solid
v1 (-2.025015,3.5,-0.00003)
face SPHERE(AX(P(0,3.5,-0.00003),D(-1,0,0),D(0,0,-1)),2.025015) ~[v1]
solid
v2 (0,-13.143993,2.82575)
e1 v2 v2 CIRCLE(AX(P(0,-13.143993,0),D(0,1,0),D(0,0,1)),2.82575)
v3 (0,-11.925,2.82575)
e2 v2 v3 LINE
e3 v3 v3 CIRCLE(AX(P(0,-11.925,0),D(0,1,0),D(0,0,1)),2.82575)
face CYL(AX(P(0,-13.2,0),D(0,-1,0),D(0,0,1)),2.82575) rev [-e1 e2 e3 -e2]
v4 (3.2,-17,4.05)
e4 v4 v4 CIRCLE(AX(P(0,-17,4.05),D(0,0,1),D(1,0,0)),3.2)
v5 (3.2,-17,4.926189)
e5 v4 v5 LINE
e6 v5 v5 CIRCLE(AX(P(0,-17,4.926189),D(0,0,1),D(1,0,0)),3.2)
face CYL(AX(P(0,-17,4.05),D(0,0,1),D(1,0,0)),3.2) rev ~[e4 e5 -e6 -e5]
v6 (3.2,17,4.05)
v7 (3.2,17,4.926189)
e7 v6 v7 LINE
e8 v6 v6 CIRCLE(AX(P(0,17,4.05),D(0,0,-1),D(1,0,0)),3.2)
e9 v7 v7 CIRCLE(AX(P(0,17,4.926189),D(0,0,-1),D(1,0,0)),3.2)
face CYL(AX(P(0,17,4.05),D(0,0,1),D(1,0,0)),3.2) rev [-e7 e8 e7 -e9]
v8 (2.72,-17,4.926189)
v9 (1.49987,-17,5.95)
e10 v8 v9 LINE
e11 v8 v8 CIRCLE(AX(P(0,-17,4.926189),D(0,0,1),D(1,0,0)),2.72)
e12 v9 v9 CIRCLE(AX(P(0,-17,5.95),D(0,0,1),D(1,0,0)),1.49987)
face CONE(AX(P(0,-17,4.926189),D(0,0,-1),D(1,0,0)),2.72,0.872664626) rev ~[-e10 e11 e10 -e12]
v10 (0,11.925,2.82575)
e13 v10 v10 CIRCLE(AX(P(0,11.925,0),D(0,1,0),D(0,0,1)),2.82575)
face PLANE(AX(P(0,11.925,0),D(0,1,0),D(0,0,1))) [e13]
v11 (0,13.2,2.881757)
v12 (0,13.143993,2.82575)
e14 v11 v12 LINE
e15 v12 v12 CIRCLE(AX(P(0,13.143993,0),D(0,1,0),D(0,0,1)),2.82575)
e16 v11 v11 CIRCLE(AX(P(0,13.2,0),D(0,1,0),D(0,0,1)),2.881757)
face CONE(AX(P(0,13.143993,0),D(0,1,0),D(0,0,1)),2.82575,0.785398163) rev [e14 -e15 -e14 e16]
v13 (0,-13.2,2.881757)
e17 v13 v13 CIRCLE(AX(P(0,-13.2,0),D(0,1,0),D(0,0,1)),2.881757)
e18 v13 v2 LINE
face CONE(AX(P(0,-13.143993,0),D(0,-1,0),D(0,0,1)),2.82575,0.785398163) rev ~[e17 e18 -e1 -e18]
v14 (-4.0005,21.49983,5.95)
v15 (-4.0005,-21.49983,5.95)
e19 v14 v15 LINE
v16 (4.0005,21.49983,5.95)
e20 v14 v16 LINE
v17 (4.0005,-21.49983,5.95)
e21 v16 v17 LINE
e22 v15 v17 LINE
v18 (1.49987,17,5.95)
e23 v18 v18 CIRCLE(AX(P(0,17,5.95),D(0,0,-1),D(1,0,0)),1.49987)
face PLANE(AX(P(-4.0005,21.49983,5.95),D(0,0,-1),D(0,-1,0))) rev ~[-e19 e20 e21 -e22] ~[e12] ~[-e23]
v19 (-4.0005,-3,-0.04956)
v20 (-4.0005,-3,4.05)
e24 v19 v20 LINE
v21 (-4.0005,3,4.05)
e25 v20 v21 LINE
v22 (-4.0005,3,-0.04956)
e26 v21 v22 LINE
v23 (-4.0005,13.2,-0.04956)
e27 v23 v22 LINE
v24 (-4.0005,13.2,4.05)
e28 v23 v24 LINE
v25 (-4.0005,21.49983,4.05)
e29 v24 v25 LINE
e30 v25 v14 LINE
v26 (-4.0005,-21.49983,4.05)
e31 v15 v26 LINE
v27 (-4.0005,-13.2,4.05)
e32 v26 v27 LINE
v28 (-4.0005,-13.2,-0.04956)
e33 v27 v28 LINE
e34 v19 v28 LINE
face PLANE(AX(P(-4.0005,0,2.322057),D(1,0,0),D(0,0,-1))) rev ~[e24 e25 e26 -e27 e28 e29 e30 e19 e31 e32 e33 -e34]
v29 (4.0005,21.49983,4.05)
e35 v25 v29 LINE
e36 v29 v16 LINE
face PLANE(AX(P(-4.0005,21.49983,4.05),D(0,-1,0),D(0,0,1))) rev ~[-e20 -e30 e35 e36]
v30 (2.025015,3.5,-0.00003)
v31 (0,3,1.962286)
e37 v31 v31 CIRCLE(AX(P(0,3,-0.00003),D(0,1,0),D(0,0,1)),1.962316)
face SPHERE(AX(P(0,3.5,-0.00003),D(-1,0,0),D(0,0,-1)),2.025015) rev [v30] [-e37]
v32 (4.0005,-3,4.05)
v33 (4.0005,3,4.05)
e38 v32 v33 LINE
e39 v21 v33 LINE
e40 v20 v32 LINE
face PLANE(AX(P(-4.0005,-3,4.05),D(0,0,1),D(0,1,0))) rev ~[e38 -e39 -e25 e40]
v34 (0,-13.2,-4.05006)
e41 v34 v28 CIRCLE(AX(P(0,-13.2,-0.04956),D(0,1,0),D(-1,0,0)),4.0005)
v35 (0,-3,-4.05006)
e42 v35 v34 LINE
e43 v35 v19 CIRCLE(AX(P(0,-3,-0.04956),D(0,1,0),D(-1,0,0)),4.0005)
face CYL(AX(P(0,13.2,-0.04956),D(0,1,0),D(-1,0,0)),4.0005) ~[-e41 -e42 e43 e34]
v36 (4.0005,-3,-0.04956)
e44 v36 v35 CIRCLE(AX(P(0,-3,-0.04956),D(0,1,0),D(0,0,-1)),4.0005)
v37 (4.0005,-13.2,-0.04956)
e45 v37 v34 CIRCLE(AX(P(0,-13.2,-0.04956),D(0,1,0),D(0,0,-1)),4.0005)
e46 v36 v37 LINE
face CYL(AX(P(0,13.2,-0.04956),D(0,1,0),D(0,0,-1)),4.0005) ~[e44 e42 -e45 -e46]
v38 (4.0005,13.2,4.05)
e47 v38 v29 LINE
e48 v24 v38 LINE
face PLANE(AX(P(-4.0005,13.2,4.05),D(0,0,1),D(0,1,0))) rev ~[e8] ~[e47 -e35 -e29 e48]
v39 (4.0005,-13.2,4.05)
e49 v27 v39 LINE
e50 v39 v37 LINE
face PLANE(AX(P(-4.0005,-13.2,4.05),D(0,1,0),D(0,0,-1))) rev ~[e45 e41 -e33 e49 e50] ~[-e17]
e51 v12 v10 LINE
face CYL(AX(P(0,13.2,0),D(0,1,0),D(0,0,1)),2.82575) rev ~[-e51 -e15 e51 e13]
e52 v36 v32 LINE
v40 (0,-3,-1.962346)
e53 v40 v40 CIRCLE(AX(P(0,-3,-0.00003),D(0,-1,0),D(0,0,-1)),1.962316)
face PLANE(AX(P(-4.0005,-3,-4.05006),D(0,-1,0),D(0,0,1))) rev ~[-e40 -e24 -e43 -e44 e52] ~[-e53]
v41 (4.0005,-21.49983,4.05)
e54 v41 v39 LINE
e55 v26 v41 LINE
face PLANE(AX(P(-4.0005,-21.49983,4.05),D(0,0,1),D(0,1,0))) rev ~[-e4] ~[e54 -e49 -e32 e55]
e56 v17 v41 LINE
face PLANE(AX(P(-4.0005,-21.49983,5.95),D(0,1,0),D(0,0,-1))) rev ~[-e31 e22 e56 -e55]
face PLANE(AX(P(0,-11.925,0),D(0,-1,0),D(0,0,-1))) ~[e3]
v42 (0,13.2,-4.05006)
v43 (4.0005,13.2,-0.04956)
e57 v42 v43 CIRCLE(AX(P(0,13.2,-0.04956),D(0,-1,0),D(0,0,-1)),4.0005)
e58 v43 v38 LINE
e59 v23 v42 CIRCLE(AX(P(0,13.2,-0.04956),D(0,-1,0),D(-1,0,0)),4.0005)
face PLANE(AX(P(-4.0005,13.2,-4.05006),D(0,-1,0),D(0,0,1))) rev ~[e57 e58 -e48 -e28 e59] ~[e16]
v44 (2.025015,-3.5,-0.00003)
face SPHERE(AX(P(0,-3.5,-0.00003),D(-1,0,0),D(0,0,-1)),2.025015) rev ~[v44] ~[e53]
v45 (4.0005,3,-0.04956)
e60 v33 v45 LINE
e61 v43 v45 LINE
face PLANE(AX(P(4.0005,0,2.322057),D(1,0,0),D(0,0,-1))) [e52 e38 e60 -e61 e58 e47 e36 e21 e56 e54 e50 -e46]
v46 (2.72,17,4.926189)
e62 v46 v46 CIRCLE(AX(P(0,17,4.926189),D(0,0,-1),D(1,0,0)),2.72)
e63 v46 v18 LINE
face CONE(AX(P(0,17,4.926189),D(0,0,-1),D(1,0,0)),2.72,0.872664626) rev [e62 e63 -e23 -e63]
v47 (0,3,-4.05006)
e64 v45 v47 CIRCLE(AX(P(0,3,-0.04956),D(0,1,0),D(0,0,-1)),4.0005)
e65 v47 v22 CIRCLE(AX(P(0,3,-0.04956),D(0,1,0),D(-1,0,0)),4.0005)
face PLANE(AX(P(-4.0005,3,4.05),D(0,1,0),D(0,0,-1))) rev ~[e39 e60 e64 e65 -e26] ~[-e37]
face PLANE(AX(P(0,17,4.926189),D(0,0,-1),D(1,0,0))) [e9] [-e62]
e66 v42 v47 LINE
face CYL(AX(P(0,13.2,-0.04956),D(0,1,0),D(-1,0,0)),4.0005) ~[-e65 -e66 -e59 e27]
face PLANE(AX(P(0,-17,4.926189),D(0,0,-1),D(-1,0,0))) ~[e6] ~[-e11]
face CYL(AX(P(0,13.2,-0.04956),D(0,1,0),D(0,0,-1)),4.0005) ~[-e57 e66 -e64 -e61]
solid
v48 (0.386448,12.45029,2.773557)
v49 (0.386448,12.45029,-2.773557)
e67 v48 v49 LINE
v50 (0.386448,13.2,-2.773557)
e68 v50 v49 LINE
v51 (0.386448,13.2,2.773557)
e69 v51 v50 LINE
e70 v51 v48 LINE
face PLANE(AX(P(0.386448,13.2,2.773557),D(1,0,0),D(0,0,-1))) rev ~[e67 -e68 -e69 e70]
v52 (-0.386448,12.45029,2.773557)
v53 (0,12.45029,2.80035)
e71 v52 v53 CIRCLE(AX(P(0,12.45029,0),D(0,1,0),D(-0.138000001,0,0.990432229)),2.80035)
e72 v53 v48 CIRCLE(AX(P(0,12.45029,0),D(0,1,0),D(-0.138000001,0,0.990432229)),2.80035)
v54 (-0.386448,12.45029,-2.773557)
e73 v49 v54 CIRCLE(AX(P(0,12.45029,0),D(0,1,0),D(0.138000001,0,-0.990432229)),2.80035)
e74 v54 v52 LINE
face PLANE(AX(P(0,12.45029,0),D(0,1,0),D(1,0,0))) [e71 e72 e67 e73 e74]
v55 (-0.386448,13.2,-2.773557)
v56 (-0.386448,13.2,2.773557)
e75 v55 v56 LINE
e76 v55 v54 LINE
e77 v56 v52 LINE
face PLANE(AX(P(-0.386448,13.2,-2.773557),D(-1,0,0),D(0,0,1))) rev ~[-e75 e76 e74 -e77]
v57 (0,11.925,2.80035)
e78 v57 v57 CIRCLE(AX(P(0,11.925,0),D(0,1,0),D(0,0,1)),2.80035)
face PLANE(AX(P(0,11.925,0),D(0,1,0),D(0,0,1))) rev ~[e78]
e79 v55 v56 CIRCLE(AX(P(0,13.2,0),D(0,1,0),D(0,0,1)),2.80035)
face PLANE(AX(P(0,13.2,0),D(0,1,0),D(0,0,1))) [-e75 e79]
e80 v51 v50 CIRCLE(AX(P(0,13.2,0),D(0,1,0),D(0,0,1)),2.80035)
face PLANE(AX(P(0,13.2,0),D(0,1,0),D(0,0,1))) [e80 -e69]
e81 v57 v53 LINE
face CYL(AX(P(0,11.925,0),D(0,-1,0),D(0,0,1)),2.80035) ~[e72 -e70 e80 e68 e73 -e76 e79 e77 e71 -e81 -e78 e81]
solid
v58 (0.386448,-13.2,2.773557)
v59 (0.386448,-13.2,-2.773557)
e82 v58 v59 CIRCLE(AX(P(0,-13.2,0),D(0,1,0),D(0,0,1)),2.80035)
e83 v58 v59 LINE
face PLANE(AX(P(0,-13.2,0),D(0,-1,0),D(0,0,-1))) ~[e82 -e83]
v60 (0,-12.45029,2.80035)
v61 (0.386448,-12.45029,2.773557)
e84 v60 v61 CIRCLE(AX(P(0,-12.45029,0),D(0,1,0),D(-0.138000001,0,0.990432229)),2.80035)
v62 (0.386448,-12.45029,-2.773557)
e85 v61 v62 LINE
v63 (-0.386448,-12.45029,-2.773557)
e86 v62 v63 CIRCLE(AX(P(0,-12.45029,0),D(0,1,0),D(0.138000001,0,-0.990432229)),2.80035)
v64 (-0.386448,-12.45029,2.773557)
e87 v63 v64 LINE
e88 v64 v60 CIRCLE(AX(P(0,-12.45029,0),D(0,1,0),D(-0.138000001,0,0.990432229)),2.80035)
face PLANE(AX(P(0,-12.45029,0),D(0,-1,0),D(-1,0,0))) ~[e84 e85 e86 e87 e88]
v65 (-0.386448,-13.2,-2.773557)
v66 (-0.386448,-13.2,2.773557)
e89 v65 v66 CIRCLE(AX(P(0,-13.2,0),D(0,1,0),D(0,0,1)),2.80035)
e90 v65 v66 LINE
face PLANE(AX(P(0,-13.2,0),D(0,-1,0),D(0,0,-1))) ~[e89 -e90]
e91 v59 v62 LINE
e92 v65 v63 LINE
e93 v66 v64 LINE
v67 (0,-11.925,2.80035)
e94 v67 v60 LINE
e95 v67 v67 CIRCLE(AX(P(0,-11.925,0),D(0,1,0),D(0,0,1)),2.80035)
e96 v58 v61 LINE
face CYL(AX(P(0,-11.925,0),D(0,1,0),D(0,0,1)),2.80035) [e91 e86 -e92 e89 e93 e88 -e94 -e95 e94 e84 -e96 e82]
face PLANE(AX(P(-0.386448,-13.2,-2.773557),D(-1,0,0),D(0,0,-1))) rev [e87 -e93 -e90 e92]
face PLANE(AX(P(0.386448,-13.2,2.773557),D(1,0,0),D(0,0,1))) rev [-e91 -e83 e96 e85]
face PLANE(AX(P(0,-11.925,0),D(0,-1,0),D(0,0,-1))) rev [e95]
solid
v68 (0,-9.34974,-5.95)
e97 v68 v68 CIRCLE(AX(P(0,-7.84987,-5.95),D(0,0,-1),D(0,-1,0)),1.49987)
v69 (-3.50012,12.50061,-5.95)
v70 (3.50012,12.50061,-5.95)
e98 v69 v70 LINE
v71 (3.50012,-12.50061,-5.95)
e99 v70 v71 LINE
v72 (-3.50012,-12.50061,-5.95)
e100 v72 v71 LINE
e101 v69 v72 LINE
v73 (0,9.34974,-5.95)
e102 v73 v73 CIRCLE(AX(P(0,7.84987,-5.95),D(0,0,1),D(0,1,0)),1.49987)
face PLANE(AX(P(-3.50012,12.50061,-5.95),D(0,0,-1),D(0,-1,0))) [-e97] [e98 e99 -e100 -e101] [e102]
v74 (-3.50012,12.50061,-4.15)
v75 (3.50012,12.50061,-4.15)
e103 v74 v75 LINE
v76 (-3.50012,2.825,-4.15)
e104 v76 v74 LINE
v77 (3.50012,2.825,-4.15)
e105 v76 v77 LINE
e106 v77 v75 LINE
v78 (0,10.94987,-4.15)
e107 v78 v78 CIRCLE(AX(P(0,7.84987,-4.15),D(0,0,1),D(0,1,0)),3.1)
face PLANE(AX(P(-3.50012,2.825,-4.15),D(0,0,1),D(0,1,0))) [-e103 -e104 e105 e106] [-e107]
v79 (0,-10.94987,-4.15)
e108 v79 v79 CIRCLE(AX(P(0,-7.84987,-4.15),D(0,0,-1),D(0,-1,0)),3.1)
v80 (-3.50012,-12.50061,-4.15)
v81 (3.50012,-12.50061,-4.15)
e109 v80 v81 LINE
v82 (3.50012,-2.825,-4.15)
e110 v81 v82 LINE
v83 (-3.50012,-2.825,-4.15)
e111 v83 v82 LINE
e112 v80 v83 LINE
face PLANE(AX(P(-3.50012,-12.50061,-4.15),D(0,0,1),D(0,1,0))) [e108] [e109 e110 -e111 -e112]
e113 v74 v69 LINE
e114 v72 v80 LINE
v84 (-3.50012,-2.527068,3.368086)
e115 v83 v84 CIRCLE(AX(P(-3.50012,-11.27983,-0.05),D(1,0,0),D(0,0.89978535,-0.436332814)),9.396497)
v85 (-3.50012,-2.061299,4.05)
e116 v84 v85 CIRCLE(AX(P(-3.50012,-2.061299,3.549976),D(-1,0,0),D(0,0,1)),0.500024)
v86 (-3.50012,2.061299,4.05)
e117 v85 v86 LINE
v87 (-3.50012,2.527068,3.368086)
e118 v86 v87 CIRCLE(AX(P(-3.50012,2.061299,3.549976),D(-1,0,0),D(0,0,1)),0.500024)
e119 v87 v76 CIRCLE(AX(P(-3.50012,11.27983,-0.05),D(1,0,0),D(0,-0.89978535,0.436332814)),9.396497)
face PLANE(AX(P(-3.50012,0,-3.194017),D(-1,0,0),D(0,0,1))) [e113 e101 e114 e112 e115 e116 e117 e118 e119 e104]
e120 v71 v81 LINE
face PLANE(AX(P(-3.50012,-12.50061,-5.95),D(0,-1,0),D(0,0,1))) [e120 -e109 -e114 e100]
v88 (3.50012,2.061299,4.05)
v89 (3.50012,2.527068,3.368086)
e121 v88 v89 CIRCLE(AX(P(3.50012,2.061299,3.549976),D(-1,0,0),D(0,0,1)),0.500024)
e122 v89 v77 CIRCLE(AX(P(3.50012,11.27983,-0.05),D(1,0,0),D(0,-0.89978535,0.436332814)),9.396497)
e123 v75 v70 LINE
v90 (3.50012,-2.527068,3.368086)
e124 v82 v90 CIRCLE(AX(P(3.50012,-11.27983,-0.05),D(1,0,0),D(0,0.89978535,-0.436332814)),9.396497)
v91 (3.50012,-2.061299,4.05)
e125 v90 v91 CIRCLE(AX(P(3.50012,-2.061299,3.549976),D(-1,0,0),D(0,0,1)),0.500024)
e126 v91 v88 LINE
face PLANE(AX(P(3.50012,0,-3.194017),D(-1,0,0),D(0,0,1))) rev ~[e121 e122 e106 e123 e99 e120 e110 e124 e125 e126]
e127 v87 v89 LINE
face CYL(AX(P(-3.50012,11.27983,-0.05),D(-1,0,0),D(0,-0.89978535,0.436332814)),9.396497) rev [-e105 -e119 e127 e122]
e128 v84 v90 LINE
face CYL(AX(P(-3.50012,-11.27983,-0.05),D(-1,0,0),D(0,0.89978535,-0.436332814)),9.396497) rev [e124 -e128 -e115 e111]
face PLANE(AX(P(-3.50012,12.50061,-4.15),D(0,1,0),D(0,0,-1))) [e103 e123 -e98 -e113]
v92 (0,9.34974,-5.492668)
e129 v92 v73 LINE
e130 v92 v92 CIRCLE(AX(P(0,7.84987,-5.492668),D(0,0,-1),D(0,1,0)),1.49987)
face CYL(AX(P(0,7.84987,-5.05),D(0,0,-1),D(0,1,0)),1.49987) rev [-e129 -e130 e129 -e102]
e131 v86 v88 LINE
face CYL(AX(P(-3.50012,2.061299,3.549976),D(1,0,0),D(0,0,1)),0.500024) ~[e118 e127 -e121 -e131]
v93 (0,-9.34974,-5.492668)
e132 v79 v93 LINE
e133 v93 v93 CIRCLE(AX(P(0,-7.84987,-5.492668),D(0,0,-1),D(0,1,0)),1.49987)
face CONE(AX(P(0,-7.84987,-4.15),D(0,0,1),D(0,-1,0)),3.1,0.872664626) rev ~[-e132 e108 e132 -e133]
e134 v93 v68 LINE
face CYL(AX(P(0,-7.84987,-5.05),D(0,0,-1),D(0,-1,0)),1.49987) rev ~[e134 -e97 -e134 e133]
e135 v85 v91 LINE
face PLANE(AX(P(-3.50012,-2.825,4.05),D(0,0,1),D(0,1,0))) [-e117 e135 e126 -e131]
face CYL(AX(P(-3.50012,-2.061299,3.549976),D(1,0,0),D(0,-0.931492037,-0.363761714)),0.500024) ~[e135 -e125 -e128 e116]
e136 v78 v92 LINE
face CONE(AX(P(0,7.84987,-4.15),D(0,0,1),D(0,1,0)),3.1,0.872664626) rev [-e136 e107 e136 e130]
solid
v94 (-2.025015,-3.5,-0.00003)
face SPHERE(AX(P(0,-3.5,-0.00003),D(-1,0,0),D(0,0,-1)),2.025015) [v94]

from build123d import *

# Parameters (mm, degrees)
BOSS_EXTRUDE1_DEPTH      = 4.0005
BOSS_EXTRUDE1_DEPTH_BACK = 4.0005
BOSS_EXTRUDE2_DEPTH      = 3.50012
BOSS_EXTRUDE2_DEPTH_BACK = 3.50012
CUT_EXTRUDE1_DEPTH       = 36.432819564
SKETCH13_R               = 2.82575
CUT_EXTRUDE2_DEPTH       = 1.275
SKETCH15_R               = 2.80035
BOSS_EXTRUDE3_DEPTH      = 1.275
CUT_EXTRUDE4_DEPTH       = 0.749709702
FILLET1_R                = 0.5000244
SKETCH12_W               = 1.8
SKETCH12_H               = 1.49987
CHAMFER1_SIZE            = 0.056007


with BuildPart() as part:
    # Sketch3 → Boss-Extrude1 (new, two sides: drawn at the far end of the back side and taken through both)
    with BuildSketch(Plane(origin=(0, 0, 0), x_dir=(0, 0, -1), z_dir=(1, 0, 0)).offset(-BOSS_EXTRUDE1_DEPTH_BACK)):
        Polygon((-4.05, 13.2), (-4.05, 21.49983), (-5.95, 21.49983), (-5.95, -21.49983), (-4.05, -21.49983), (-4.05, -13.2), (4.05006, -13.2), (4.05006, -3), (-4.05, -3), (-4.05, 3), (4.05006, 3), (4.05006, 13.2), align=None)
    extrude(amount=BOSS_EXTRUDE1_DEPTH + BOSS_EXTRUDE1_DEPTH_BACK)

    # Sketch5 → Cut-Extrude1 (cut, through all)
    with BuildSketch(Plane(origin=(0, 13.2, 0), x_dir=(1, 0, 0), z_dir=(0, 1, 0))):
        with BuildLine():
            Line((-4.0005, 4.05006), (-4.0005, 0.04956))
            ThreePointArc((-4.0005, 0.04956), (-2.828780678, 2.878340678), (0, 4.05006))
            Line((0, 4.05006), (-4.0005, 4.05006))
        make_face()
        with BuildLine():
            Line((4.0005, 4.05006), (0, 4.05006))
            ThreePointArc((0, 4.05006), (2.828780678, 2.878340678), (4.0005, 0.04956))
            Line((4.0005, 0.04956), (4.0005, 4.05006))
        make_face()
    extrude(amount=-CUT_EXTRUDE1_DEPTH, mode=Mode.SUBTRACT)

    # Sketch6 → Cut-Revolve1 (revolve, cut)
    with BuildSketch(Plane(origin=(0, 3.5, 0), x_dir=(1, 0, 0), z_dir=(0, 1, 0))):
        with BuildLine():
            Line((-2.025015, 3e-05), (2.025015, 3e-05))
            ThreePointArc((2.025015, 3e-05), (0, 2.025045), (-2.025015, 3e-05))
        make_face()
    cut_revolve1 = revolve(axis=Axis((-2.025015, 3.5, -3e-05), (1, 0, 0)), mode=Mode.SUBTRACT)

    # Sketch13 → Cut-Extrude2 (cut)
    with BuildSketch(Plane(origin=(0, 13.2, 0), x_dir=(1, 0, 0), z_dir=(0, 1, 0))):
        with Locations(Location((0, 0, 0), (0, 0, 270))):
            Circle(SKETCH13_R)
    cut_extrude2 = extrude(amount=-CUT_EXTRUDE2_DEPTH, mode=Mode.SUBTRACT)

    # Sketch9 → Cut-Revolve2 (revolve, cut)
    with BuildSketch(Plane(origin=(0, 0, 0), x_dir=(0, 0, -1), z_dir=(1, 0, 0)), mode=Mode.PRIVATE) as cut_revolve2_sk:
        Polygon((-5.95, 18.49987), (-5.95, 17), (-4.05, 17), (-4.05, 20.2), (-4.926189367, 20.2), (-4.926189367, 19.72), align=None)
    cut_revolve2 = revolve(cut_revolve2_sk.sketch.rotate(Axis((0, 17, 5.95), (0, 0, -1)), 90), axis=Axis((0, 17, 5.95), (0, 0, -1)), mode=Mode.SUBTRACT)

    # Mirror1: Cut-Revolve1, Cut-Extrude2, Cut-Revolve2 across plane
    add(cut_revolve1.mirror(Plane.ZX), mode=Mode.SUBTRACT)
    add(cut_extrude2.mirror(Plane.ZX), mode=Mode.SUBTRACT)
    add(cut_revolve2.mirror(Plane.ZX), mode=Mode.SUBTRACT)

    # Chamfer1
    chamfer1_edges = [part.edges().sort_by_distance(p)[0] for p in [
        (0, 13.2, -2.82575),
        (0, -13.2, -2.82575),
    ]]
    chamfer(chamfer1_edges, length=CHAMFER1_SIZE)


with BuildPart() as body_2:
    # Sketch4 → Boss-Extrude2 (new, two sides: drawn at the far end of the back side and taken through both)
    with BuildSketch(Plane(origin=(0, 0, 0), x_dir=(0, 0, -1), z_dir=(1, 0, 0)).offset(-BOSS_EXTRUDE2_DEPTH_BACK)):
        with BuildLine():
            Line((4.15, 2.825), (4.15, 12.50061))
            Line((4.15, 12.50061), (5.95, 12.50061))
            Line((5.95, 12.50061), (5.95, -12.50061))
            Line((5.95, -12.50061), (4.15, -12.50061))
            Line((4.15, -12.50061), (4.15, -2.825))
            ThreePointArc((4.15, -2.825), (0.05, -1.883333333), (-4.05, -2.825))
            Line((-4.05, -2.825), (-4.05, 2.825))
            ThreePointArc((-4.05, 2.825), (0.05, 1.883333333), (4.15, 2.825))
        make_face()
    extrude(amount=BOSS_EXTRUDE2_DEPTH + BOSS_EXTRUDE2_DEPTH_BACK)

    # Fillet1
    fillet1_edges = [body_2.edges().sort_by_distance(p)[0] for p in [
        (0, -2.825, 4.05),
        (0, 2.825, 4.05),
    ]]
    fillet(fillet1_edges, radius=FILLET1_R)

    # Sketch12 → Cut-Revolve4 (revolve, cut)
    with BuildSketch(Plane(origin=(0, 0, 0), x_dir=(0, 0, -1), z_dir=(1, 0, 0))):
        with Locations((5.05, 8.599805)):
            Rectangle(SKETCH12_W, SKETCH12_H)
    cut_revolve4 = revolve(axis=Axis((0, 7.84987, -5.95), (0, 0, 1)), mode=Mode.SUBTRACT)

    # Sketch10 → Cut-Revolve3 (revolve, cut)
    with BuildSketch(Plane(origin=(0, 0, 0), x_dir=(0, 0, -1), z_dir=(1, 0, 0))):
        Polygon((4.15, 7.84987), (4.15, 10.94987), (5.95, 8.804713533), (5.95, 7.84987), align=None)
    cut_revolve3 = revolve(axis=Axis((0, 7.84987, -5.95), (0, 0, 1)), mode=Mode.SUBTRACT)

    # Mirror4: Cut-Revolve4, Cut-Revolve3 across plane
    add(cut_revolve4.mirror(Plane.ZX), mode=Mode.SUBTRACT)
    add(cut_revolve3.mirror(Plane.ZX), mode=Mode.SUBTRACT)


with BuildPart() as body_3:
    # Sketch7 → Revolve1 (revolve)
    with BuildSketch(Plane(origin=(0, 3.5, 0), x_dir=(1, 0, 0), z_dir=(0, 1, 0))):
        with BuildLine():
            Line((-2.025015, 3e-05), (2.025015, 3e-05))
            ThreePointArc((2.025015, 3e-05), (0, 2.025045), (-2.025015, 3e-05))
        make_face()
    revolve(axis=Axis((-2.025015, 3.5, -3e-05), (1, 0, 0)))


with BuildPart() as body_4:
    # Sketch15 → Boss-Extrude3 (new body)
    with BuildSketch(Plane(origin=(0, 11.925, 0), x_dir=(1, 0, 0), z_dir=(0, 1, 0))):
        with Locations(Location((0, 0, 0), (0, 0, 270))):
            Circle(SKETCH15_R)
    extrude(amount=BOSS_EXTRUDE3_DEPTH)

    # Sketch14 → Cut-Extrude4 (cut)
    with BuildSketch(Plane(origin=(0, 13.2, 0), x_dir=(1, 0, 0), z_dir=(0, 1, 0))):
        with BuildLine():
            Line((-0.3864483, 2.773556892), (-0.3864483, -2.773556892))
            ThreePointArc((-0.3864483, -2.773556892), (0, -2.80035), (0.3864483, -2.773556892))
            Line((0.3864483, -2.773556892), (0.3864483, 2.773556892))
            ThreePointArc((0.3864483, 2.773556892), (0, 2.80035), (-0.3864483, 2.773556892))
        make_face()
    extrude(amount=-CUT_EXTRUDE4_DEPTH, mode=Mode.SUBTRACT)


with BuildPart() as body_5:
    # Mirror3: mirrored copy
    add(body_3.part.mirror(Plane.ZX))


with BuildPart() as body_6:
    # Mirror3 2: mirrored copy
    add(body_4.part.mirror(Plane.ZX))


with BuildPart() as body_7:
    # Body-Move/Copy1: copy of body 2
    add(body_2.part.moved(Location((0, 0, -19.999999878))))


solid = Compound([part.part, body_2.part, body_3.part, body_4.part, body_5.part, body_6.part])
